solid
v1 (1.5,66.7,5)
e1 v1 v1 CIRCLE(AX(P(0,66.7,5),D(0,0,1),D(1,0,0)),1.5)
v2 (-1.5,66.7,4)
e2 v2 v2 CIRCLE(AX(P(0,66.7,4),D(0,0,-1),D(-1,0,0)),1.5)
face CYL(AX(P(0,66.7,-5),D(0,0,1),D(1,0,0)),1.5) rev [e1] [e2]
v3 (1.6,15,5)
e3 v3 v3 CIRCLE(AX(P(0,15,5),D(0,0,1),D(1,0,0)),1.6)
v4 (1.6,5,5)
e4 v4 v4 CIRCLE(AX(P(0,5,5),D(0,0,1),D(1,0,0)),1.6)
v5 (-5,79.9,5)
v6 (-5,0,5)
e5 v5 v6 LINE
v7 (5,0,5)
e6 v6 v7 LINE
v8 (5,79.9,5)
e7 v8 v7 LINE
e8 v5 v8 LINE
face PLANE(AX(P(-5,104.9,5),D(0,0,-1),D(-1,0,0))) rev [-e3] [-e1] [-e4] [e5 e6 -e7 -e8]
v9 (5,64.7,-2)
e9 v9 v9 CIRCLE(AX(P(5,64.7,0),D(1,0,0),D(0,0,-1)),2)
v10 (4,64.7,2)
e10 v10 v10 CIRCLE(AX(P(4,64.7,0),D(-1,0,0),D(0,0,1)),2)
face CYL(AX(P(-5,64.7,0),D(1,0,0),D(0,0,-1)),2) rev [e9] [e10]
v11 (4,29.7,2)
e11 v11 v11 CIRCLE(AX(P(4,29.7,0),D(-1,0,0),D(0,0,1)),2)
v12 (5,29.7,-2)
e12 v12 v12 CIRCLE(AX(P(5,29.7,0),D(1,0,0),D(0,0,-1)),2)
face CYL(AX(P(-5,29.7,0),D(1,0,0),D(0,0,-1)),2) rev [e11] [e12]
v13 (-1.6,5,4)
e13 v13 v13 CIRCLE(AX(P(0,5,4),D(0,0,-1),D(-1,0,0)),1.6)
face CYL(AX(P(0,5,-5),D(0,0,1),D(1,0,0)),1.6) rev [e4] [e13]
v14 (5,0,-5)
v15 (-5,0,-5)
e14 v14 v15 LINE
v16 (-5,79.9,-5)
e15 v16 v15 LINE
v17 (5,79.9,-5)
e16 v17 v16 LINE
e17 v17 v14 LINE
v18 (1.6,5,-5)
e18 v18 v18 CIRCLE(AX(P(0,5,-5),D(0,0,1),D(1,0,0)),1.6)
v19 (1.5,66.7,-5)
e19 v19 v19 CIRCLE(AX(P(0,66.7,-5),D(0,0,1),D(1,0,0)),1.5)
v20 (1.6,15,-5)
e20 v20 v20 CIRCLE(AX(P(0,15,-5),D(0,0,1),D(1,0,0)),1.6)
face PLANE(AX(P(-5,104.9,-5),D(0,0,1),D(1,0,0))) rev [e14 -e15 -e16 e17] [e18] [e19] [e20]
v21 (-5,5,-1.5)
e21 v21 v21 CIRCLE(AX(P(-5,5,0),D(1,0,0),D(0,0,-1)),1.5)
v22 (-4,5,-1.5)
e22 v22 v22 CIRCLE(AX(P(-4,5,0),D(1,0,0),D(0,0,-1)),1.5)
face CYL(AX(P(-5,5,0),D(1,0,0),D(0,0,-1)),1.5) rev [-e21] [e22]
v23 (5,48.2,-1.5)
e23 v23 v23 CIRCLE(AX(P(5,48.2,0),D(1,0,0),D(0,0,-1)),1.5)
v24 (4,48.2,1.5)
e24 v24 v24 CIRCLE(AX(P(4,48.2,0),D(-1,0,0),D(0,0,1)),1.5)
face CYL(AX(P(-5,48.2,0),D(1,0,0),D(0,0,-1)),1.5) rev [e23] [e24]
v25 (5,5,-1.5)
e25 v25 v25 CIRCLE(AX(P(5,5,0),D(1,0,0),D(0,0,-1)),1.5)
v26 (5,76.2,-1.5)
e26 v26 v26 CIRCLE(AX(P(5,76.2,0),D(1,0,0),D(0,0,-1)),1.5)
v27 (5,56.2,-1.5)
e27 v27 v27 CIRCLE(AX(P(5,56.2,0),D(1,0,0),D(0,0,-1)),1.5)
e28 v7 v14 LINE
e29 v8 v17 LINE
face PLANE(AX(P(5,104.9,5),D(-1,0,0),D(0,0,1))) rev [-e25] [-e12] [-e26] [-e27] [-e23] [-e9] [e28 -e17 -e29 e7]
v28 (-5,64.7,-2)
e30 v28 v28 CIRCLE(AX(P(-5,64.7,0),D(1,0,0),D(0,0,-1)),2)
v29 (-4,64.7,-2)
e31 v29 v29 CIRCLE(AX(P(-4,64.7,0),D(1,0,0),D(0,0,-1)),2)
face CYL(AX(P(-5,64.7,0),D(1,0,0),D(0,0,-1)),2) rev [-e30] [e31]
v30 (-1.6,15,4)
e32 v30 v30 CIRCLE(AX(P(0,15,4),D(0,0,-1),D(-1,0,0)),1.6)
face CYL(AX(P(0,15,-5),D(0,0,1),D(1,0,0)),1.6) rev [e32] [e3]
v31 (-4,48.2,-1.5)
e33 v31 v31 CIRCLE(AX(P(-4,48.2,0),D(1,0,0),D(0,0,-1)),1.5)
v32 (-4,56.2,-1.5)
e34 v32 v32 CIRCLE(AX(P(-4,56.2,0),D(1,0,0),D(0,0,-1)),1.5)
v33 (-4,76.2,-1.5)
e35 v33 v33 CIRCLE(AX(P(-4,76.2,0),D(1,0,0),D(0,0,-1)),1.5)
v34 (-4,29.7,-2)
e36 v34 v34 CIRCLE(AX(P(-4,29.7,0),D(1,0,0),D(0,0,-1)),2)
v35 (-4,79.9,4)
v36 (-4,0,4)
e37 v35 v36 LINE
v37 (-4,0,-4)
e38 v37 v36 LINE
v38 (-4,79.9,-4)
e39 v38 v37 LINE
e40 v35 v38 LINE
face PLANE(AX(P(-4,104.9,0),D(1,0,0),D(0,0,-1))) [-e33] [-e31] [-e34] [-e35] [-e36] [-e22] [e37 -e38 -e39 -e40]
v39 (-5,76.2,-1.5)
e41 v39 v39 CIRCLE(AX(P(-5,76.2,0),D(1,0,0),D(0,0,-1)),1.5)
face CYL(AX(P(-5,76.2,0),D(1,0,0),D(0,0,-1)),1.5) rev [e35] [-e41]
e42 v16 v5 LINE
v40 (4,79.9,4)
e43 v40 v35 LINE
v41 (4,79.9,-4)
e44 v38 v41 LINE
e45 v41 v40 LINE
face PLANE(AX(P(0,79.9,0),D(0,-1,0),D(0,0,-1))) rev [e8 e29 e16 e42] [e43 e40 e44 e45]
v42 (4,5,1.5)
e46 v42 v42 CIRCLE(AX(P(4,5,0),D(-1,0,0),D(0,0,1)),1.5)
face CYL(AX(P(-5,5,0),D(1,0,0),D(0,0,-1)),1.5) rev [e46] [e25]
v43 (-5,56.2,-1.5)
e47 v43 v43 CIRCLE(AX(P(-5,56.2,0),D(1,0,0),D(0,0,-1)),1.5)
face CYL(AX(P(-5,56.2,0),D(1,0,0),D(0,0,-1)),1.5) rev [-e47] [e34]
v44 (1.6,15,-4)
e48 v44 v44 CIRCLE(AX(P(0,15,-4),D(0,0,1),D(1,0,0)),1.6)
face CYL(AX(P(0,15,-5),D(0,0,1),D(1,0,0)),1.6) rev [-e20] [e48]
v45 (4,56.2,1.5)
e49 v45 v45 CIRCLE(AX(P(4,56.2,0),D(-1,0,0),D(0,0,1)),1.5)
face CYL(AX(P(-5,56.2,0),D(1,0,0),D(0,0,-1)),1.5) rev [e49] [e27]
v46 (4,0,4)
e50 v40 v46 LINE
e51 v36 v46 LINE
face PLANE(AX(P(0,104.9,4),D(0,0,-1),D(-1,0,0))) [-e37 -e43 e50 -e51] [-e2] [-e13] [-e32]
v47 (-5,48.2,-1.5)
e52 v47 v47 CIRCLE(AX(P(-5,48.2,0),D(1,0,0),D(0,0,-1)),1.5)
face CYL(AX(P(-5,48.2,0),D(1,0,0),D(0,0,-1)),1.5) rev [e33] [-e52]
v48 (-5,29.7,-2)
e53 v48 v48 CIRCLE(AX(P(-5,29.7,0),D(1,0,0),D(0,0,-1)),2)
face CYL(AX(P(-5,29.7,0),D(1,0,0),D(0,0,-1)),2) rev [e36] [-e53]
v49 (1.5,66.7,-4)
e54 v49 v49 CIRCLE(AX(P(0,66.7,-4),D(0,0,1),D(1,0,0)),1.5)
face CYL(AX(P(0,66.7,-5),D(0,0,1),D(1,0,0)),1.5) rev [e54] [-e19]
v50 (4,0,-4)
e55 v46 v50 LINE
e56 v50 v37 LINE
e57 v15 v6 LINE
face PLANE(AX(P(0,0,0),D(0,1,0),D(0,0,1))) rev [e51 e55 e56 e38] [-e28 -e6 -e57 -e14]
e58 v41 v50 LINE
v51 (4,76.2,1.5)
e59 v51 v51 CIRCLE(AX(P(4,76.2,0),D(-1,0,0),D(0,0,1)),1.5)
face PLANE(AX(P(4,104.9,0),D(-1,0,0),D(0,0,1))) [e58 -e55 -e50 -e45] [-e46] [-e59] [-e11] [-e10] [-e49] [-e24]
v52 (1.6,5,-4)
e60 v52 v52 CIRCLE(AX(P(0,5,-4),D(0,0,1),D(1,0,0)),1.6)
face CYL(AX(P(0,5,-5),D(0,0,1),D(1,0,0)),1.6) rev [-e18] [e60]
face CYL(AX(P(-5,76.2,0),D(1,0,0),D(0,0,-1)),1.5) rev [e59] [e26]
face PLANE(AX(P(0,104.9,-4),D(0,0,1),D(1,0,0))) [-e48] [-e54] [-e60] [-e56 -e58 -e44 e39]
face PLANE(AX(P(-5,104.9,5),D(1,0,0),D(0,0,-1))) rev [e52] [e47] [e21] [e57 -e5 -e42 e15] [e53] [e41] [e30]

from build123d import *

# Parameters (mm, degrees)
SKETCH_1_W          = 10
SKETCH_1_H          = 10
SKETCH_1_W_2        = 8
SKETCH_1_H_2        = 8
EXTRUDE_1_DEPTH     = 104.9
SKETCH_2_R          = 1.6
SKETCH_2_R_2        = 1.5
CUT_EXTRUDE_1_DEPTH = 106.494123059
SKETCH_3_R          = 1.5
SKETCH_3_R_2        = 2
CUT_EXTRUDE_2_DEPTH = 106.494123059
SKETCH_4_W          = 10
SKETCH_4_H          = 10
CUT_EXTRUDE_3_DEPTH = 25


with BuildPart() as part:
    # ｽｹｯﾁ1 → 押し出し-薄板1 (new body)
    with BuildSketch(Plane(origin=(0, 0, 0), x_dir=(1, 0, 0), z_dir=(0, 1, 0))):
        Rectangle(SKETCH_1_W, SKETCH_1_H)
        Rectangle(SKETCH_1_W_2, SKETCH_1_H_2, mode=Mode.SUBTRACT)
    extrude(amount=EXTRUDE_1_DEPTH)

    # ｽｹｯﾁ2 → ｶｯﾄ - 押し出し1 (cut, through all)
    with BuildSketch(Plane.XY.offset(5)):
        with Locations((0, 5)):
            Circle(SKETCH_2_R)
        with Locations((0, 15)):
            Circle(SKETCH_2_R)
        with Locations((0, 92.95)):
            Circle(SKETCH_2_R_2)
        with Locations((0, 66.7)):
            Circle(SKETCH_2_R_2)
        with Locations((0, 99.9)):
            Circle(SKETCH_2_R_2)
    extrude(amount=-CUT_EXTRUDE_1_DEPTH, mode=Mode.SUBTRACT)

    # ｽｹｯﾁ3 → ｶｯﾄ - 押し出し2 (cut, through all)
    with BuildSketch(Plane(origin=(5, 0, 0), x_dir=(0, 0, -1), z_dir=(1, 0, 0))):
        with Locations((0, 76.2)):
            Circle(SKETCH_3_R)
        with Locations((0, 5)):
            Circle(SKETCH_3_R)
        with Locations((0, 64.7)):
            Circle(SKETCH_3_R_2)
        with Locations((0, 29.7)):
            Circle(SKETCH_3_R_2)
        with Locations((0, 48.2)):
            Circle(SKETCH_3_R)
        with Locations((0, 56.2)):
            Circle(SKETCH_3_R)
    extrude(amount=-CUT_EXTRUDE_2_DEPTH, mode=Mode.SUBTRACT)

    # ｽｹｯﾁ4 → ｶｯﾄ - 押し出し3 (cut)
    with BuildSketch(Plane(origin=(0, 104.9, 0), x_dir=(1, 0, 0), z_dir=(0, 1, 0))):
        Rectangle(SKETCH_4_W, SKETCH_4_H)
    extrude(amount=-CUT_EXTRUDE_3_DEPTH, mode=Mode.SUBTRACT)


solid = part.part
